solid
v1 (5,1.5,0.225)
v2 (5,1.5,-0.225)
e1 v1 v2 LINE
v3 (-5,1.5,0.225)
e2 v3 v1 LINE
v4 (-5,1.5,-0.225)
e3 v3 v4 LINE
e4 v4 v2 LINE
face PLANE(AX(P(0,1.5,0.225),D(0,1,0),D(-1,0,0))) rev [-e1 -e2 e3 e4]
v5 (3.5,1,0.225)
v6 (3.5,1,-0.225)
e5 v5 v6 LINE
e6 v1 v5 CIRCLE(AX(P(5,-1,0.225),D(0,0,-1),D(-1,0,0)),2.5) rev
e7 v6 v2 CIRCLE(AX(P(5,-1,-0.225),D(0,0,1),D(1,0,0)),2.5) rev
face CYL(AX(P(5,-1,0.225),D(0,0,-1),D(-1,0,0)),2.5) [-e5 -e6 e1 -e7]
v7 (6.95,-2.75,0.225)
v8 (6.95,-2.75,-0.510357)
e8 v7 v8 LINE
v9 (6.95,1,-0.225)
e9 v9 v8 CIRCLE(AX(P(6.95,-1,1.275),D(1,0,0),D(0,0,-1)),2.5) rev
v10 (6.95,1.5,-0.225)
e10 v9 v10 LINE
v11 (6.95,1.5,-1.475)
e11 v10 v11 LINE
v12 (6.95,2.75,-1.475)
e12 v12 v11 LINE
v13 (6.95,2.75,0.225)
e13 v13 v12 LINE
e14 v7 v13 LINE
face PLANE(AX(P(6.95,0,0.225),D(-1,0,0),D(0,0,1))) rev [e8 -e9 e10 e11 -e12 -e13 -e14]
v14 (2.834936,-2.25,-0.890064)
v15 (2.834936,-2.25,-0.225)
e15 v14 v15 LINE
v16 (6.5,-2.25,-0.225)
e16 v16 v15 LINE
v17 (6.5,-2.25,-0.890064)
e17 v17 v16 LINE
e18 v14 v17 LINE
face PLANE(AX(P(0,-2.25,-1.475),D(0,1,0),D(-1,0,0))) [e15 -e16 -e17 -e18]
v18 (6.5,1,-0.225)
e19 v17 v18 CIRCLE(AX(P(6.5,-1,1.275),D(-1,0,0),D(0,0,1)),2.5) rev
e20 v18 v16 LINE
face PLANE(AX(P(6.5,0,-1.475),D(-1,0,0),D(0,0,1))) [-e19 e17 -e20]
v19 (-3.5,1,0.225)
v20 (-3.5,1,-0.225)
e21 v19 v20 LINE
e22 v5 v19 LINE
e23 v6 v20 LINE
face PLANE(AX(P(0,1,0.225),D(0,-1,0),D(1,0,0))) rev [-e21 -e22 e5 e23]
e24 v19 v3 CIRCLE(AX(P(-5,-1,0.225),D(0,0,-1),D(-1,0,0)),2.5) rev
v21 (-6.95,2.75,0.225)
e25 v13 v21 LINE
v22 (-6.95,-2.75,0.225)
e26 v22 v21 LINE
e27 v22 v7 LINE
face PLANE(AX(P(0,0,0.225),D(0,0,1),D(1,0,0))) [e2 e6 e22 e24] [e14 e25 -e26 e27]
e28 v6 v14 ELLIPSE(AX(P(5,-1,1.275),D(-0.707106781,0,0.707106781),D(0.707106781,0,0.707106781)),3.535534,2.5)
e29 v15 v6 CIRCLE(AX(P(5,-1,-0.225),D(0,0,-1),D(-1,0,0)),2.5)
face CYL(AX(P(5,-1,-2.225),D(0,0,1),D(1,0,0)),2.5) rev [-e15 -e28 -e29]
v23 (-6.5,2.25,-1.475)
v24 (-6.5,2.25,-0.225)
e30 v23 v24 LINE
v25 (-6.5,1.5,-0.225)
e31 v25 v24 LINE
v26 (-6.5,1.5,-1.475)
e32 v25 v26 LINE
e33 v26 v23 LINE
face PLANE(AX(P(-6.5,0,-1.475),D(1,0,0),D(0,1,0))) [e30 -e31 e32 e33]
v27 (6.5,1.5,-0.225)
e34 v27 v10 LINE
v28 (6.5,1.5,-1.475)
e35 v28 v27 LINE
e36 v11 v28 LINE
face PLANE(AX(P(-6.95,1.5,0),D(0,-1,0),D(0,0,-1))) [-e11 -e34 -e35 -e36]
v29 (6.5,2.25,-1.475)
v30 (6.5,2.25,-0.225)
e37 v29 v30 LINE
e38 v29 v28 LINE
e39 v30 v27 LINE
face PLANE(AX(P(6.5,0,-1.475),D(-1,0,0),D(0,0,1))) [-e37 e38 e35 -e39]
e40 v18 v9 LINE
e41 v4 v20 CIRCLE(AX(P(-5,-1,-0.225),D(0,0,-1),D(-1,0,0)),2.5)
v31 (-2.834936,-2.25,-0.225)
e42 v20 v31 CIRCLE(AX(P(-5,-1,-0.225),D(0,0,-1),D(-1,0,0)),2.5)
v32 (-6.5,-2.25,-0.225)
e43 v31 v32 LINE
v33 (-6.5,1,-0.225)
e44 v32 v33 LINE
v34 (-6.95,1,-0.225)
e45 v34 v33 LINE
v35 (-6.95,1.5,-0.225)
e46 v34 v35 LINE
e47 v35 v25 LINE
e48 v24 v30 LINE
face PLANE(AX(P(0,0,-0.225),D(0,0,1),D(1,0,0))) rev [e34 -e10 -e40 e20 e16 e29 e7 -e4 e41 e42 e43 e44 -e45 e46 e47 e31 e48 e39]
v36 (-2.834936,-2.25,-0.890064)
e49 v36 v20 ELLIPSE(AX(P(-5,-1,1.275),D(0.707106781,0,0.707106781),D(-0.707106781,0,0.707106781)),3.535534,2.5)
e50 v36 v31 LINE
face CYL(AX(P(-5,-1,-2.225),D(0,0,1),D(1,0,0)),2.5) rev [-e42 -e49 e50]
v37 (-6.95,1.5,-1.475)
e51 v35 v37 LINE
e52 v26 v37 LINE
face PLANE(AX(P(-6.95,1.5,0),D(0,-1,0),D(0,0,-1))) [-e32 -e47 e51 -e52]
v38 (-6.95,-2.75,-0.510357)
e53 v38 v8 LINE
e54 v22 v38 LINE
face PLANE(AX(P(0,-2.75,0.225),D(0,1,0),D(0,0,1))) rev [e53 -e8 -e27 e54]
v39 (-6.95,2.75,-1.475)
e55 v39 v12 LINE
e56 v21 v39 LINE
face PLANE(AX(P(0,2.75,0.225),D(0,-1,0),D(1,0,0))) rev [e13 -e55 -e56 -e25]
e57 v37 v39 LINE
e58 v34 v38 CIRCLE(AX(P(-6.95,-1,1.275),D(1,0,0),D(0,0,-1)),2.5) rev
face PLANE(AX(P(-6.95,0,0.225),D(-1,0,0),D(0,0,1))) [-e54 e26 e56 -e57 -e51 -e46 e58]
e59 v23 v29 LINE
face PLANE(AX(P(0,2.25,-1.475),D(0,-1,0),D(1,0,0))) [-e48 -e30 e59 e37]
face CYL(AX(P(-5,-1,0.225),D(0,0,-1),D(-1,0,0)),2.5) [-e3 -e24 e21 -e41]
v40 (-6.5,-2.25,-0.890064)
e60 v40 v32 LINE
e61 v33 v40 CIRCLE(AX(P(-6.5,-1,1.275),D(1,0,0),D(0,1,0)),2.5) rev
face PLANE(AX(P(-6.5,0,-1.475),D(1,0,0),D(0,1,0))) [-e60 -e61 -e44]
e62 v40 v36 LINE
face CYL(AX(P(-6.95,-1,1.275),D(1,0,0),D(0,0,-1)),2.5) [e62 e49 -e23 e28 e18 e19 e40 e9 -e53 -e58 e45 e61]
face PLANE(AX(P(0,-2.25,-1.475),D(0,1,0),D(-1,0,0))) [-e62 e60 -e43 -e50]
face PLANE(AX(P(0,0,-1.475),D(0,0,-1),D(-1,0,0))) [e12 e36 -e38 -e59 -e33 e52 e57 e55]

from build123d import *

# Parameters (mm, degrees)
SKETCH1_W               = 13
SKETCH1_H               = 4.5
BOSS_EXTRUDE1_DEPTH     = 0.225
BOSS_EXTRUDE2_DEPTH     = 1.25
BOSS_EXTRUDE3_DEPTH     = 2
SKETCH4_W               = 7
SKETCH4_H               = 0.5
CUT_EXTRUDE1_DEPTH      = 3.45
CUT_EXTRUDE2_DEPTH      = 7.95
CUT_EXTRUDE2_DEPTH_BACK = 7.95


with BuildPart() as part:
    # Sketch1 → Boss-Extrude1 (new body, symmetric)
    with BuildSketch(Plane.XY):
        Polygon((6.95, 2.25), (6.95, 2.75), (6.5, 2.75), (-6.5, 2.75), (-6.95, 2.75), (-6.95, 2.25), (-6.95, -2.25), (-6.95, -2.75), (-6.5, -2.75), (6.5, -2.75), (6.95, -2.75), (6.95, -2.25), align=None)
        Rectangle(SKETCH1_W, SKETCH1_H, mode=Mode.SUBTRACT)
        with BuildLine():
            Line((6.5, 1.875), (6.5, 2.25))
            Line((6.5, 2.25), (-6.5, 2.25))
            Line((-6.5, 2.25), (-6.5, 1.875))
            Line((-6.5, 1.875), (-6.5, 1))
            Line((-6.5, 1), (-6.5, -2.25))
            Line((-6.5, -2.25), (-2.834936491, -2.25))
            ThreePointArc((-2.834936491, -2.25), (-2.834936491, 0.25), (-5, 1.5))
            Line((-5, 1.5), (5, 1.5))
            ThreePointArc((5, 1.5), (2.834936491, 0.25), (2.834936491, -2.25))
            Line((2.834936491, -2.25), (6.5, -2.25))
            Line((6.5, -2.25), (6.5, 1))
            Line((6.5, 1), (6.5, 1.875))
        make_face()
        with BuildLine():
            Line((-2.834936491, -2.25), (2.834936491, -2.25))
            ThreePointArc((2.834936491, -2.25), (2.834936491, 0.25), (5, 1.5))
            Line((5, 1.5), (-5, 1.5))
            ThreePointArc((-5, 1.5), (-2.834936491, 0.25), (-2.834936491, -2.25))
        make_face()
    extrude(amount=BOSS_EXTRUDE1_DEPTH, both=True)

    # Sketch2 → Boss-Extrude2 (add)
    with BuildSketch(Plane(origin=(0, 0, -0.225), x_dir=(-1, 0, 0), z_dir=(0, 0, -1))):
        Polygon((-6.95, 2.25), (-6.95, -2.25), (-6.95, -2.75), (-6.5, -2.75), (6.5, -2.75), (6.95, -2.75), (6.95, -2.25), (6.95, 2.25), (6.95, 2.75), (6.5, 2.75), (-6.5, 2.75), (-6.95, 2.75), align=None)
        Polygon((-6.5, 1), (-6.5, 1.875), (-6.5, 2.25), (6.5, 2.25), (6.5, 1.875), (6.5, 1), (6.5, -2.25), (2.834936491, -2.25), (-2.834936491, -2.25), (-6.5, -2.25), align=None, mode=Mode.SUBTRACT)
    extrude(amount=BOSS_EXTRUDE2_DEPTH)

    # Sketch3 → Boss-Extrude3 (add)
    with BuildSketch(Plane(origin=(0, 0, -0.225), x_dir=(-1, 0, 0), z_dir=(0, 0, -1))):
        with BuildLine():
            ThreePointArc((-5, 1.5), (-2.834936491, 0.25), (-2.834936491, -2.25))
            Line((-2.834936491, -2.25), (2.834936491, -2.25))
            ThreePointArc((2.834936491, -2.25), (2.834936491, 0.25), (5, 1.5))
            Line((5, 1.5), (-5, 1.5))
        make_face()
    extrude(amount=BOSS_EXTRUDE3_DEPTH)

    # Sketch4 → Cut-Extrude1 (cut, through all)
    with BuildSketch(Plane(origin=(0, 0, -2.225), x_dir=(-1, 0, 0), z_dir=(0, 0, -1))):
        with Locations((0, 1.25)):
            Rectangle(SKETCH4_W, SKETCH4_H)
        with BuildLine():
            Line((3.5, 1.5), (3.5, 1))
            ThreePointArc((3.5, 1), (4.209430585, 1.371708245), (5, 1.5))
            Line((5, 1.5), (3.5, 1.5))
        make_face()
        with BuildLine():
            ThreePointArc((-5, 1.5), (-4.209430585, 1.371708245), (-3.5, 1))
            Line((-3.5, 1), (-3.5, 1.5))
            Line((-3.5, 1.5), (-5, 1.5))
        make_face()
    extrude(amount=-CUT_EXTRUDE1_DEPTH, mode=Mode.SUBTRACT)

    # Sketch5 → Cut-Extrude2 (cut, two sides)
    with BuildSketch(Plane(origin=(0, 0, 0), x_dir=(0, 0, -1), z_dir=(1, 0, 0))) as cut_extrude2_sk:
        with BuildLine():
            Line((3.725, 1.5), (0.225, 1.5))
            Line((0.225, 1.5), (0.225, 1))
            ThreePointArc((0.225, 1), (1.096708245, -1.790569415), (-1.275, -3.5))
            Line((-1.275, -3.5), (3.725, -3.5))
            Line((3.725, -3.5), (3.725, 1.5))
        make_face()
    extrude(amount=CUT_EXTRUDE2_DEPTH, mode=Mode.SUBTRACT)
    extrude(cut_extrude2_sk.sketch, amount=-CUT_EXTRUDE2_DEPTH_BACK, mode=Mode.SUBTRACT)


solid = part.part
